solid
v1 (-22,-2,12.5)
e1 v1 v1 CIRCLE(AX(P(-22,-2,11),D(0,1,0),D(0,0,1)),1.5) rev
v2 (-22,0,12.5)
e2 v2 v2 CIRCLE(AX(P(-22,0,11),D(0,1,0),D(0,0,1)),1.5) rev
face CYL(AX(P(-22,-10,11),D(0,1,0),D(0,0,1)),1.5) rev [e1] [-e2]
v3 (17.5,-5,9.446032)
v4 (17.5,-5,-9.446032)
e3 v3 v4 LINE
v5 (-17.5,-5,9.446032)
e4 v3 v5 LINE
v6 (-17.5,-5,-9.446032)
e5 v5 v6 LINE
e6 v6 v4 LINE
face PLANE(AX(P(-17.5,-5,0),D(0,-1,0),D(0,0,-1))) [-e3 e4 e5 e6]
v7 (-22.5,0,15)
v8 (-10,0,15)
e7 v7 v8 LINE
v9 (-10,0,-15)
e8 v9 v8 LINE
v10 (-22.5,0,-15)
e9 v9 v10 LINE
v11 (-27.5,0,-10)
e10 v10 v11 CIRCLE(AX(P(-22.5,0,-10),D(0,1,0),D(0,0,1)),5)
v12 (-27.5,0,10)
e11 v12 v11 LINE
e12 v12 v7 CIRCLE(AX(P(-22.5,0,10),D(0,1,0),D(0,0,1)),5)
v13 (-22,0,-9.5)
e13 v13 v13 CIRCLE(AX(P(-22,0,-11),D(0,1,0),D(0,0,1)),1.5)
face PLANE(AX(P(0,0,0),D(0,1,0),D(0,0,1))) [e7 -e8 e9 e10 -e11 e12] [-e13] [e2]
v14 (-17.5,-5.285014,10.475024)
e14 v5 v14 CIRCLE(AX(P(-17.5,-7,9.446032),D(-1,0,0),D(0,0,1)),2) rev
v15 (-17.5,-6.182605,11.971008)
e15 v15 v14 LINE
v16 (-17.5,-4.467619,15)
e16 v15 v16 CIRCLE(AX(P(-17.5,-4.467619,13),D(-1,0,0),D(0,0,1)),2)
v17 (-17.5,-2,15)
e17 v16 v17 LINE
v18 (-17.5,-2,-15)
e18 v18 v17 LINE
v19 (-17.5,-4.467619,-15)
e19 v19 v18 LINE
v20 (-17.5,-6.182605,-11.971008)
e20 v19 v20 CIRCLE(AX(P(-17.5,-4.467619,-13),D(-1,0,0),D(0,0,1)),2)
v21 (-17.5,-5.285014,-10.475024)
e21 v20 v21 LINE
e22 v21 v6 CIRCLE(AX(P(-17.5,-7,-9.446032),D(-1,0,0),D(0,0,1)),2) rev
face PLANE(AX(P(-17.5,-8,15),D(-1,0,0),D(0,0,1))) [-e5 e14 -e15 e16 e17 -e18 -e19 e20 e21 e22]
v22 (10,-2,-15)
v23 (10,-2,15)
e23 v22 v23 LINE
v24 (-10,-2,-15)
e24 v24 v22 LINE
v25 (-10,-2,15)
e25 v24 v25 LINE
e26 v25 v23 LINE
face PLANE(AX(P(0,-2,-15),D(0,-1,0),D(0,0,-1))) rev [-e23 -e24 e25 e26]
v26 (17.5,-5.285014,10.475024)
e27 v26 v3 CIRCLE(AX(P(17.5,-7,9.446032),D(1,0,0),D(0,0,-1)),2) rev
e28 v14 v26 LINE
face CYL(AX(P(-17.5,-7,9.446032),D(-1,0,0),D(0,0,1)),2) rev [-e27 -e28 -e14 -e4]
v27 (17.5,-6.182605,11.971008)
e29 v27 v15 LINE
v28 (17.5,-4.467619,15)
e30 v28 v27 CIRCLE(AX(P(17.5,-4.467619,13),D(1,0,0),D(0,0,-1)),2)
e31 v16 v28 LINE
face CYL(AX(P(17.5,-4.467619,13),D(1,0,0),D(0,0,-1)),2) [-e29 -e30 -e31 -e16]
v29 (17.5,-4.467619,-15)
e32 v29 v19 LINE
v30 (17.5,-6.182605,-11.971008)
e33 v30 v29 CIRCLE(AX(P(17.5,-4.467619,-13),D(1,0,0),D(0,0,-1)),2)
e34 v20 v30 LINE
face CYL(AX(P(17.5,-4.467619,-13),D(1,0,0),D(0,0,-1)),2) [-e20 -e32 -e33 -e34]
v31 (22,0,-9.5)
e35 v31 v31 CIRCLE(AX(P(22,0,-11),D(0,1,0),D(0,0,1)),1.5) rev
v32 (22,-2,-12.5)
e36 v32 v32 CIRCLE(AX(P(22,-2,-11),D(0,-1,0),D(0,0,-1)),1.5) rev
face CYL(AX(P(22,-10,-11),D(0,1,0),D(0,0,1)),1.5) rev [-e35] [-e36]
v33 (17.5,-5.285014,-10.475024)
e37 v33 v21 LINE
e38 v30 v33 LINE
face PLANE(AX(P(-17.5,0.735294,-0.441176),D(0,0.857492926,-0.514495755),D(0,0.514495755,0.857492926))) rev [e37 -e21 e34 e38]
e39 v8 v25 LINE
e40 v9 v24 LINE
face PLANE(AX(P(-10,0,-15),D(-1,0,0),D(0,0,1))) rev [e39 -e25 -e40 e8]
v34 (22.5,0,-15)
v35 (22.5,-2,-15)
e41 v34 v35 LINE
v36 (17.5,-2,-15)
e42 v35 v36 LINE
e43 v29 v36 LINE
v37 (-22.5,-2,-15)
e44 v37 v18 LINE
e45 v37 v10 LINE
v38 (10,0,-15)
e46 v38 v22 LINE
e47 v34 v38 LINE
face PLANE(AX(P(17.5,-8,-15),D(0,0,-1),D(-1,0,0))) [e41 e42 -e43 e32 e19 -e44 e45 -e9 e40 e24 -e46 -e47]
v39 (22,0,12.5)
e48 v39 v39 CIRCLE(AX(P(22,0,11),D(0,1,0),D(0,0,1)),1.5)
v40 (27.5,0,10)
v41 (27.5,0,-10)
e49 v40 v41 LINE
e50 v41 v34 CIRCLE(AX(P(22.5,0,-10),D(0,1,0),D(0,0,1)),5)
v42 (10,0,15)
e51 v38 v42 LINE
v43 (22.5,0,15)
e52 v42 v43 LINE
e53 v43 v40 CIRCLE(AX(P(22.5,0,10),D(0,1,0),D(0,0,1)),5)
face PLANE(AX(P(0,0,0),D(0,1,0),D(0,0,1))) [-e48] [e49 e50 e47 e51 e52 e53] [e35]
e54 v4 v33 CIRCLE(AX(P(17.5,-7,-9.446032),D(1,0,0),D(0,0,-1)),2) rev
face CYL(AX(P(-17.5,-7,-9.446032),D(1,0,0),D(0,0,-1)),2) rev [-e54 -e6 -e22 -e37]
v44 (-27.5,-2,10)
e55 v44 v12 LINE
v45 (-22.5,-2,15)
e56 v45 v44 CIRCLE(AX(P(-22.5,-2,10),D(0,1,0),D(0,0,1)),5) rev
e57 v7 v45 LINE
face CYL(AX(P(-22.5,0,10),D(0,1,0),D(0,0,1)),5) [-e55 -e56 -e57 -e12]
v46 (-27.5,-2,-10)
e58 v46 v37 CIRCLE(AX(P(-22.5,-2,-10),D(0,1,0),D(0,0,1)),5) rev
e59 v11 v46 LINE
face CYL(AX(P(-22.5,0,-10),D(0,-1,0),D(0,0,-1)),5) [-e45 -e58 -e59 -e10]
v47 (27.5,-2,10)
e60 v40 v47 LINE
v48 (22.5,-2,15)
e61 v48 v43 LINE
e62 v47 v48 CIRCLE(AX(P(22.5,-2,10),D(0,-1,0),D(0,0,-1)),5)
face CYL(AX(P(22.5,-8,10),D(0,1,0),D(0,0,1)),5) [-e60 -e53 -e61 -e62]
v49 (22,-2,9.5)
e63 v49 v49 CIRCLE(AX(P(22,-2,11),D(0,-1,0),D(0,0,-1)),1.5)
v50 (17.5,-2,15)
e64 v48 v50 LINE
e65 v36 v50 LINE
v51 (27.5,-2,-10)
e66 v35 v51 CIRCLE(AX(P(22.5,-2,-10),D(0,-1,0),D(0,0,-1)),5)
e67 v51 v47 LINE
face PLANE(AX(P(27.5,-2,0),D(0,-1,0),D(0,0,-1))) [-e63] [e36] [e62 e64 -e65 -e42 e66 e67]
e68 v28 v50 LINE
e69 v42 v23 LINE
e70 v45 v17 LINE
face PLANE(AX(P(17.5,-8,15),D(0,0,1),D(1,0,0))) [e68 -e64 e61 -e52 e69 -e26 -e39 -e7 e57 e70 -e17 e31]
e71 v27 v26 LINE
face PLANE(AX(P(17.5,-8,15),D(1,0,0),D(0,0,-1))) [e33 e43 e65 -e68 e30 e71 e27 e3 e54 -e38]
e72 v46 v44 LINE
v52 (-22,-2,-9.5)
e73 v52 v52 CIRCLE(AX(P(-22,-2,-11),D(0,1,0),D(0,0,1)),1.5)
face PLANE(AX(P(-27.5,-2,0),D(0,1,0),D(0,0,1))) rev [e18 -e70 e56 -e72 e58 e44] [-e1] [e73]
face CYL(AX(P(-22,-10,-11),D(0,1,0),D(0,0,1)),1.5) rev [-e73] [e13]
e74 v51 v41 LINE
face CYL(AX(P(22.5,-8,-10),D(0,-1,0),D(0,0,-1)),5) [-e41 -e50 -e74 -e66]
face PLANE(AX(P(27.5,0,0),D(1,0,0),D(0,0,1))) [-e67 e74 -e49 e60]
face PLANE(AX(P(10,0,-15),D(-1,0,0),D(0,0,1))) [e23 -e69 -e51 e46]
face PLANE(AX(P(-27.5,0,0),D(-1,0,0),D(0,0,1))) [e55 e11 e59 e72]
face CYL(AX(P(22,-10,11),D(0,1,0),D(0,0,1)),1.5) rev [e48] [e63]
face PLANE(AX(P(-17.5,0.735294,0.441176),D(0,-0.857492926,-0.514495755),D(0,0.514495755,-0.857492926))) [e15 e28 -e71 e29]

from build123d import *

# Parameters (mm, degrees)
SKETCH1_W               = 35
SKETCH1_H               = 30
BOSS_EXTRUDE1_DEPTH     = 8
CUT_EXTRUDE1_DEPTH      = 39.910152917
CUT_EXTRUDE1_DEPTH_BACK = 39.910152917
FILLET1_R               = 2
SKETCH5_W               = 30
SKETCH5_H               = 2
BOSS_EXTRUDE2_DEPTH     = 10
SKETCH6_R               = 1.5
CUT_EXTRUDE2_DEPTH      = 10
SKETCH3_W               = 10
SKETCH3_H               = 2
CUT_EXTRUDE3_DEPTH      = 42.207767455
FILLET3_R               = 5


with BuildPart() as part:
    # Sketch1 → Boss-Extrude1 (new body)
    with BuildSketch(Plane(origin=(0, 0, 0), x_dir=(1, 0, 0), z_dir=(0, 1, 0))):
        Rectangle(SKETCH1_W, SKETCH1_H)
    extrude(amount=-BOSS_EXTRUDE1_DEPTH)

    # Sketch2 → Cut-Extrude1 (cut, two sides: drawn at the far end of the back side and taken through both)
    with BuildSketch(Plane(origin=(17.5, 0, 0), x_dir=(0, 0, -1), z_dir=(1, 0, 0)).offset(-CUT_EXTRUDE1_DEPTH_BACK)):
        Polygon((-10, -5), (-15, -8), (0, -8), (0, -5), align=None)
        Polygon((0, -5), (0, -8), (15, -8), (10, -5), align=None)
    extrude(amount=CUT_EXTRUDE1_DEPTH + CUT_EXTRUDE1_DEPTH_BACK, mode=Mode.SUBTRACT)

    # Fillet1
    fillet1_edges = [part.edges().sort_by_distance(p)[0] for p in [
        (0, -8, -15),
        (0, -5, 10),
        (0, -5, -10),
        (0, -8, 15),
    ]]
    fillet(fillet1_edges, radius=FILLET1_R)

    # Sketch5 → Boss-Extrude2 (add)
    with BuildSketch(Plane.ZY.offset(17.5)):
        with Locations((0, -1)):
            Rectangle(SKETCH5_W, SKETCH5_H)
    boss_extrude2 = extrude(amount=BOSS_EXTRUDE2_DEPTH)

    # Mirror1: Boss-Extrude2 across plane
    add(boss_extrude2.mirror(Plane(origin=(0, 0, 0), x_dir=(0, 0, 1), z_dir=(1, 0, 0))))

    # Sketch6 → Cut-Extrude2 (cut)
    with BuildSketch(Plane(origin=(0, 0, 0), x_dir=(1, 0, 0), z_dir=(0, 1, 0))):
        with Locations(Location((-22, 11, 0), (0, 0, 270))):
            Circle(SKETCH6_R)
        with Locations(Location((-22, -11, 0), (0, 0, 270))):
            Circle(SKETCH6_R)
        with Locations(Location((22, -11, 0), (0, 0, 270))):
            Circle(SKETCH6_R)
        with Locations(Location((22, 11, 0), (0, 0, 270))):
            Circle(SKETCH6_R)
    extrude(amount=-CUT_EXTRUDE2_DEPTH, mode=Mode.SUBTRACT)

    # Sketch3 → Cut-Extrude3 (cut, through all)
    with BuildSketch(Plane.XY.offset(15)):
        with Locations((5, -1)):
            Rectangle(SKETCH3_W, SKETCH3_H)
        with Locations((-5, -1)):
            Rectangle(SKETCH3_W, SKETCH3_H)
    extrude(amount=-CUT_EXTRUDE3_DEPTH, mode=Mode.SUBTRACT)

    # Fillet3
    fillet3_edges = [part.edges().sort_by_distance(p)[0] for p in [
        (-27.5, -1, -15),
        (-27.5, -1, 15),
        (27.5, -1, -15),
        (27.5, -1, 15),
    ]]
    fillet(fillet3_edges, radius=FILLET3_R)


solid = part.part
